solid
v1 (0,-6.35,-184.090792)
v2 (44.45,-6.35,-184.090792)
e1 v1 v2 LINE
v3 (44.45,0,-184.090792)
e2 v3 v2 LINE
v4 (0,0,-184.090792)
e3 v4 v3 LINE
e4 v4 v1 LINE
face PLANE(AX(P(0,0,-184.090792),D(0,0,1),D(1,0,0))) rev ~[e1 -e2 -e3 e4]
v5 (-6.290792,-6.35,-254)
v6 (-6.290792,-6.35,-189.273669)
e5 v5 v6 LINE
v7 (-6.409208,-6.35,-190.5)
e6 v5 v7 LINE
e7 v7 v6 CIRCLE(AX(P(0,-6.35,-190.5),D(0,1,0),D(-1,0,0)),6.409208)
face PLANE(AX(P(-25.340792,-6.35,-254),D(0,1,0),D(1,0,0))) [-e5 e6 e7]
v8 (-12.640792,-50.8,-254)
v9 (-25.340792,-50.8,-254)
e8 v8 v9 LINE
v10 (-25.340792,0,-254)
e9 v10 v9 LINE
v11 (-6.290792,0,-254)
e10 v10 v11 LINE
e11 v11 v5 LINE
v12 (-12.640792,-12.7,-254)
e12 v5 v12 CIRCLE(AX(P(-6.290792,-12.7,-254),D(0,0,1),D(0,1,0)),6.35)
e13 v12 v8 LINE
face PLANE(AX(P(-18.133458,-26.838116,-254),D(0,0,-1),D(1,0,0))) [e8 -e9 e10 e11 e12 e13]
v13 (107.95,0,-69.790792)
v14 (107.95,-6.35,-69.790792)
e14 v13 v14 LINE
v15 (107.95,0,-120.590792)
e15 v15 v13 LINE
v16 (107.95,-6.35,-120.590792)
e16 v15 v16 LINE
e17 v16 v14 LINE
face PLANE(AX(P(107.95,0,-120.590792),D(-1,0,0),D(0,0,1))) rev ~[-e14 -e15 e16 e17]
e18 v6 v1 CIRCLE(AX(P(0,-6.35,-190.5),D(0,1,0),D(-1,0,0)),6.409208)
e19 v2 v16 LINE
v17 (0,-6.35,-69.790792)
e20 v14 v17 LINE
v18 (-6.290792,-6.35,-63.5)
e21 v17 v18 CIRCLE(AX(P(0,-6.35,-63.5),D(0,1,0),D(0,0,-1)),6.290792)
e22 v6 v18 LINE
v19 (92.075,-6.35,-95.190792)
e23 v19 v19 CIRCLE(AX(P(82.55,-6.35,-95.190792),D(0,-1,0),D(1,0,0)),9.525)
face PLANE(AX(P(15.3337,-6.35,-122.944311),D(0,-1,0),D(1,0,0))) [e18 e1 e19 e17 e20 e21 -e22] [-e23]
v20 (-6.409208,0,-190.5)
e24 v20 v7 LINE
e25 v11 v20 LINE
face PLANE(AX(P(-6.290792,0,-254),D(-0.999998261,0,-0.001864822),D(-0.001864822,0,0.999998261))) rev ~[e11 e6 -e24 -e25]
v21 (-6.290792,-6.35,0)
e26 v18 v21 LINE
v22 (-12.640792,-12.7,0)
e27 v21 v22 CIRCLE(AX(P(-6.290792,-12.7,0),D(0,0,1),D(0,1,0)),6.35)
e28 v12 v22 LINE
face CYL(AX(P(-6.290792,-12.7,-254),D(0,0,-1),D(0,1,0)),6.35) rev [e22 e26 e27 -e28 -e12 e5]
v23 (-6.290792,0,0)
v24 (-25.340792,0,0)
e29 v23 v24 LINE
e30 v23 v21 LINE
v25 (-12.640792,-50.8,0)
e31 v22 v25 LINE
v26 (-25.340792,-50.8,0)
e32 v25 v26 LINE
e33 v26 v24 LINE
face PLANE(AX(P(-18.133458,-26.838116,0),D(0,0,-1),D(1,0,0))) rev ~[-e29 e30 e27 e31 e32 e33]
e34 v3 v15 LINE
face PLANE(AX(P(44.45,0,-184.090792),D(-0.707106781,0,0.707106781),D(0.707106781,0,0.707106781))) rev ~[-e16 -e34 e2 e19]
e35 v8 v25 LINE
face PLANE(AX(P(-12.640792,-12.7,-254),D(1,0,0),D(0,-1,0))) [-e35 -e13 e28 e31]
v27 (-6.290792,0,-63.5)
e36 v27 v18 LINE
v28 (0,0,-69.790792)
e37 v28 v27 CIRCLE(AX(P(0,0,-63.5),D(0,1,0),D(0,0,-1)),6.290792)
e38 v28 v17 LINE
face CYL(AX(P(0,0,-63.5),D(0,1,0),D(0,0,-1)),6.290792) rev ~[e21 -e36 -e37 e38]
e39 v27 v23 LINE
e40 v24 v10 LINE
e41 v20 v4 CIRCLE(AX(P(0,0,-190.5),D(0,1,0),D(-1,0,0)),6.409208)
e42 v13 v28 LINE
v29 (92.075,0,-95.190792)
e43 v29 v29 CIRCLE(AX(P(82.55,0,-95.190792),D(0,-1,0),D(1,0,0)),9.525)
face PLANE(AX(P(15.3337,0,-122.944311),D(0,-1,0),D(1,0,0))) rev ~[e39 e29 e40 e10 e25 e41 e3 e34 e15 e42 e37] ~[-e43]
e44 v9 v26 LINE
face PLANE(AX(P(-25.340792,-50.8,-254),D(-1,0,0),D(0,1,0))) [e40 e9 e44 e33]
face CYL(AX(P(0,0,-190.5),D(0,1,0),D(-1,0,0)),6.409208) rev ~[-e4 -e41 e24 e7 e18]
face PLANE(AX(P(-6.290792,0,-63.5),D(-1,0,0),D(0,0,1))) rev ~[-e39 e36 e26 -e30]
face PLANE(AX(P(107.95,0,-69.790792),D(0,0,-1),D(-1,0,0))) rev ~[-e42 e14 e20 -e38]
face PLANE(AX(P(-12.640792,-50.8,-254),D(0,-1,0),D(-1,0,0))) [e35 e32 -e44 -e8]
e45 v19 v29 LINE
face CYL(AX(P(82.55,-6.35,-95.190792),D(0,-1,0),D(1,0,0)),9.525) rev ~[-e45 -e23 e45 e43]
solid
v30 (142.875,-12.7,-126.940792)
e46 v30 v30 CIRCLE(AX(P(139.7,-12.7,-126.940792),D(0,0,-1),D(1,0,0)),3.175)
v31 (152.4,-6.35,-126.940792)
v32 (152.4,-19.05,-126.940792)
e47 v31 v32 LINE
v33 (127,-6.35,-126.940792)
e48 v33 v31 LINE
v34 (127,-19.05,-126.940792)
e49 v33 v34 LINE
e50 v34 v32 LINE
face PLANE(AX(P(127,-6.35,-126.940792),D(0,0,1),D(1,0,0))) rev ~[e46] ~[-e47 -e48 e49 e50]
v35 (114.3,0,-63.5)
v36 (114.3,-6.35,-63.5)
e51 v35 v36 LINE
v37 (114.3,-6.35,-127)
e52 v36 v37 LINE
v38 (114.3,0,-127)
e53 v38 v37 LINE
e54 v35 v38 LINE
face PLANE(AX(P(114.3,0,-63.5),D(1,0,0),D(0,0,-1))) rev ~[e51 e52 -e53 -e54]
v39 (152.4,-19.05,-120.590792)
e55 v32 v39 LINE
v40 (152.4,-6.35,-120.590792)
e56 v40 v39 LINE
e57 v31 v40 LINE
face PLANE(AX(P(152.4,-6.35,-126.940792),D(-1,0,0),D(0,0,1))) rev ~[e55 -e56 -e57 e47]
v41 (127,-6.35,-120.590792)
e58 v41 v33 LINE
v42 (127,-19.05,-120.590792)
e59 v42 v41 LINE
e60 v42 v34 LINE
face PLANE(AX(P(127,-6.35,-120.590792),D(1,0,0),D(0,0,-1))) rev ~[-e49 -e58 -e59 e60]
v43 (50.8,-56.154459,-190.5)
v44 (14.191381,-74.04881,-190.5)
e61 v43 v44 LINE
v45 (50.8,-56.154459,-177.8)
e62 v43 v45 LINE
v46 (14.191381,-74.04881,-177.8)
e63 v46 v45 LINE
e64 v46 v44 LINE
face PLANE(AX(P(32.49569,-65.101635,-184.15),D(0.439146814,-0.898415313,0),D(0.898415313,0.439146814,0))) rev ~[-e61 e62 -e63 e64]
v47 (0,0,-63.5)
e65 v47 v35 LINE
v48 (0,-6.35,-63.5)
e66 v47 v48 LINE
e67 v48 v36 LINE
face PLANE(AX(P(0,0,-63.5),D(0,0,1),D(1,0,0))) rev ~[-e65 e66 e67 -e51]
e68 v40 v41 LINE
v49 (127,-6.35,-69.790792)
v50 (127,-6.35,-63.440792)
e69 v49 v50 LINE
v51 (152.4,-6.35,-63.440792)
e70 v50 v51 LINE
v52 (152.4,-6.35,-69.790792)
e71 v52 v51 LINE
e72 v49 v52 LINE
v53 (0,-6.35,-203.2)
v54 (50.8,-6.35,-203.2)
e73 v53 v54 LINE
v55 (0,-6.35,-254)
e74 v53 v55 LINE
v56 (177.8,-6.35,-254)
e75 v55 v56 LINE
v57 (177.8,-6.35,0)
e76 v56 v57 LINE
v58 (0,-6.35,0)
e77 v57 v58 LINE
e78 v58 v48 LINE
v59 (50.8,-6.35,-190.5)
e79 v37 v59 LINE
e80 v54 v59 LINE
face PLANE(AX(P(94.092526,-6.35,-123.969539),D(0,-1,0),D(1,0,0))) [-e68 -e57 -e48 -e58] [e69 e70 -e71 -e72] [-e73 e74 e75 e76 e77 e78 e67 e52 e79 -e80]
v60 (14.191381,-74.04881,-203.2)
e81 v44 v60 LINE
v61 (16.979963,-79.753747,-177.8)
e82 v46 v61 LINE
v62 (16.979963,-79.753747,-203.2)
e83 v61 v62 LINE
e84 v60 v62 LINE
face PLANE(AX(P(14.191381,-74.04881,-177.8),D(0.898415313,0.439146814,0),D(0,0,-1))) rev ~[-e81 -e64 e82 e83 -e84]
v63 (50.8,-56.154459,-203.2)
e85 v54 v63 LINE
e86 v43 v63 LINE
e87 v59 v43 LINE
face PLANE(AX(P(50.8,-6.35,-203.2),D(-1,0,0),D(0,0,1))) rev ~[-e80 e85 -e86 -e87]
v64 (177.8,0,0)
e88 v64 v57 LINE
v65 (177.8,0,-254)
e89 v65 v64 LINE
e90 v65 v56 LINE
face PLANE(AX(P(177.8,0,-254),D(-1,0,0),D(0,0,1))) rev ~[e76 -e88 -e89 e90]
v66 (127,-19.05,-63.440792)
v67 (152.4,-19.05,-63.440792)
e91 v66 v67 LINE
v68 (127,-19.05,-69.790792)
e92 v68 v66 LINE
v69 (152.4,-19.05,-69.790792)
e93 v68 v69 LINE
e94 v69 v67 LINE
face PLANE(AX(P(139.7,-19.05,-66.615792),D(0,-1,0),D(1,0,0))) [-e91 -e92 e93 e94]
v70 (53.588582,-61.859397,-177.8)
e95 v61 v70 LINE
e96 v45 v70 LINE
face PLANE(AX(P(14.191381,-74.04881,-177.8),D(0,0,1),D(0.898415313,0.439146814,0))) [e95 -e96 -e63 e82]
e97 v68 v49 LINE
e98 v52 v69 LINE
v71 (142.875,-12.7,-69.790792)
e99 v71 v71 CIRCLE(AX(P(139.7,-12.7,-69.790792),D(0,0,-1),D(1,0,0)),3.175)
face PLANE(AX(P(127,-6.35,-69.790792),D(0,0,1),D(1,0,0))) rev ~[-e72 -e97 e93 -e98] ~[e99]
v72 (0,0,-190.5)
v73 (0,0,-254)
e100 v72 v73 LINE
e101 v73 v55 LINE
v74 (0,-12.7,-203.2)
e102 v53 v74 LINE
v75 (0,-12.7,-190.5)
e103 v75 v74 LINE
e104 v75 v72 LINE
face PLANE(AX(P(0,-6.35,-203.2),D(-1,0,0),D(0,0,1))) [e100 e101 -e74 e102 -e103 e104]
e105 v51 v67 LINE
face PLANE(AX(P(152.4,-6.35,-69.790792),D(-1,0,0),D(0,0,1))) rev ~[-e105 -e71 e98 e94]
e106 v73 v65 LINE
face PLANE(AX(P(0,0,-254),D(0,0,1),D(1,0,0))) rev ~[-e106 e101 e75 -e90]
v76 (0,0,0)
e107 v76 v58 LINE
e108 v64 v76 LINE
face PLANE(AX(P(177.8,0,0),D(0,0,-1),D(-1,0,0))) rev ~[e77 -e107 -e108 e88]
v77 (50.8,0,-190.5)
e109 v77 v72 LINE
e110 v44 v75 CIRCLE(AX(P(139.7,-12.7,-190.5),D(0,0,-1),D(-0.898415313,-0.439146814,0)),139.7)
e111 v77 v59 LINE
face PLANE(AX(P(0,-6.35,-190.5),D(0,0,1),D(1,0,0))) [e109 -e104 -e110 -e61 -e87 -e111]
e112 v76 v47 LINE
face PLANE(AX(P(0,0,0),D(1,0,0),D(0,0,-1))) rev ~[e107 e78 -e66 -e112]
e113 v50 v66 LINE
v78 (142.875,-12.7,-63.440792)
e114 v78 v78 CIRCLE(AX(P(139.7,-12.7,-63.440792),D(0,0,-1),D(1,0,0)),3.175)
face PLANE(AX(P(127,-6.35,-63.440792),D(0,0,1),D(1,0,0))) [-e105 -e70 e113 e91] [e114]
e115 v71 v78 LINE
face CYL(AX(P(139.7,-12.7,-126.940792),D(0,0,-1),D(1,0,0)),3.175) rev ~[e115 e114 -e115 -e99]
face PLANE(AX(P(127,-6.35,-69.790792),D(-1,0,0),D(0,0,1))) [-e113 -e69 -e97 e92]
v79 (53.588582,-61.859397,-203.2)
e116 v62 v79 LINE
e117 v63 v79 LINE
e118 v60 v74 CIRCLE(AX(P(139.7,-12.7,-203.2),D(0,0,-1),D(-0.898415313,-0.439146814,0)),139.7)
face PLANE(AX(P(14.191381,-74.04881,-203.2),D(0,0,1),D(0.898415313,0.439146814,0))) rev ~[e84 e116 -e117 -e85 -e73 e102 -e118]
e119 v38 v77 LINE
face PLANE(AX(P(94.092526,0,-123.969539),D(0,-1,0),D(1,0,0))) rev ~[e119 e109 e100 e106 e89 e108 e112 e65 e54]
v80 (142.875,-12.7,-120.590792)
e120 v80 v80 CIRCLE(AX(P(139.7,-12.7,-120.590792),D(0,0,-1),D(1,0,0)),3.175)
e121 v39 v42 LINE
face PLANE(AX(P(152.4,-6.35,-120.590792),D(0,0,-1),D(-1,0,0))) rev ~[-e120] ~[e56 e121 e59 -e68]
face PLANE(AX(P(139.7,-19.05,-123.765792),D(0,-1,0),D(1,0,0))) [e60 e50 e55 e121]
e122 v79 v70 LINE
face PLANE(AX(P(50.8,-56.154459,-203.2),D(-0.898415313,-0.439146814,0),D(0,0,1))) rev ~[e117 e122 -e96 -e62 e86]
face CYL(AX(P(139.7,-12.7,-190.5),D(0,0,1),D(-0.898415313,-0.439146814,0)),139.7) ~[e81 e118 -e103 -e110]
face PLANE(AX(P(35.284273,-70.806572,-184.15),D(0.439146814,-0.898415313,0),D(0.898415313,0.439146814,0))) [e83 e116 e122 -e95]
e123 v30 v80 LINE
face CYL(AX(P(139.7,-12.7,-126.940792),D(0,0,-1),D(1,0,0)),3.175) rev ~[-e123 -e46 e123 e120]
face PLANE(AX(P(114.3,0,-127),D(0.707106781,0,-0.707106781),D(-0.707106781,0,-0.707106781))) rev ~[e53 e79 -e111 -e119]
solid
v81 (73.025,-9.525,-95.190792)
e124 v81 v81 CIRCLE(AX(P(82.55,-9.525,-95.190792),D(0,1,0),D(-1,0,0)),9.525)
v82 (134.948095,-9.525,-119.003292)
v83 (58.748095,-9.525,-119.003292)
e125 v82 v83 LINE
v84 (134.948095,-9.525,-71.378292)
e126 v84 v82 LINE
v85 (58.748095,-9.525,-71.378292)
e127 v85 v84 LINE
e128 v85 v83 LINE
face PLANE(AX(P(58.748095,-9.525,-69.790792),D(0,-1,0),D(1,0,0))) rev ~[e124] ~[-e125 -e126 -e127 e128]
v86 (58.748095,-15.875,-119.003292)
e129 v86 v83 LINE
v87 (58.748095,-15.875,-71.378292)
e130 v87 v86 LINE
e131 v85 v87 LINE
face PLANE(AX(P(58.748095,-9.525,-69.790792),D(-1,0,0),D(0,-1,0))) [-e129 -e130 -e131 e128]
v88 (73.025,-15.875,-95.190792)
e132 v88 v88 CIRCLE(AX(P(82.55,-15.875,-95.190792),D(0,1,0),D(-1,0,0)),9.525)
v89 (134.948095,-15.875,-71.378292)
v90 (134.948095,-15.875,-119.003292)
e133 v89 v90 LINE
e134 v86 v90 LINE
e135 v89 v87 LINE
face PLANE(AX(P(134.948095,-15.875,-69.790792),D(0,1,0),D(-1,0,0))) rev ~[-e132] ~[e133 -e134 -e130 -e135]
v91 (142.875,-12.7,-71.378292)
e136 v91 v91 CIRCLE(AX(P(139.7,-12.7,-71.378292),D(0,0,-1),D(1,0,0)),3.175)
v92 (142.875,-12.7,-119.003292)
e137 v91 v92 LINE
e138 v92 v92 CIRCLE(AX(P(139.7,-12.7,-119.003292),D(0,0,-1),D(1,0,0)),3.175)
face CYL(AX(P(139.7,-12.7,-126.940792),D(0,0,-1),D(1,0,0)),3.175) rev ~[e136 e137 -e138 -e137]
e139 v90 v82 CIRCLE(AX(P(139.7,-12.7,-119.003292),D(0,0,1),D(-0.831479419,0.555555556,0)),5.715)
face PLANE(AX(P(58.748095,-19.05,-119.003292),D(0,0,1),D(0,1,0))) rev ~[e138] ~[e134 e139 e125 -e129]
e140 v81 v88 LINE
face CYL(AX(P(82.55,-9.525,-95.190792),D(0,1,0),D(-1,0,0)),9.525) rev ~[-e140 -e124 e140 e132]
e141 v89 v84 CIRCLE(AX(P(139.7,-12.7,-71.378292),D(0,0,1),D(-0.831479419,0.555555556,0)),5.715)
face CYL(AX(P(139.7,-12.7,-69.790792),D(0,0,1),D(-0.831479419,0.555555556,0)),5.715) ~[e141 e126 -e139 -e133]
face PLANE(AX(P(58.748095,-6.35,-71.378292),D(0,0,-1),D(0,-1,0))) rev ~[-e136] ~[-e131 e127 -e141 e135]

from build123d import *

# Parameters (mm, degrees)
F1_DEPTH      = 6.35
F3_DEPTH      = 6.35
F4_R          = 9.525
F5_DEPTH      = 6.35
F6_W          = 25.4
F6_H          = 6.35
F7_DEPTH      = 12.7
F8_R          = 3.175
F9_DEPTH      = 63.5
F9_DEPTH_BACK = 25.4
F10_R         = 3.175
F10_W         = 68.2519048813
F10_H         = 6.35
F11_DEPTH     = 50.8
F12_R         = 9.525
F13_DEPTH     = 6.35
F14_W         = 3.175
F14_H         = 1.5875
F14_W_2       = 6.35
F15_DEPTH     = 119.0529048813
F17_DEPTH     = 254
F18_W         = 50.8
F18_H         = 12.7
F19_DEPTH     = 69.85
F21_DEPTH     = 12.7
F22_W         = 40.7479911996
F22_H         = 12.7
F23_DEPTH     = 6.35


with BuildPart() as f1:
    # F0 (on Front) → F1 (new body)
    with BuildSketch(Plane.XZ):
        Polygon((177.8, 0), (0, 0), (0, -63.5), (114.3, -63.5), (114.3, -127), (50.8, -190.5), (0, -190.5), (0, -254), (177.8, -254), align=None)
    extrude(amount=F1_DEPTH)

    # F6 (on face) → F7 (join)
    with BuildSketch(Plane.XZ.offset(6.35)):
        with Locations((139.7, -66.6157917917)):
            Rectangle(F6_W, F6_H)
        Polygon((152.4, -120.5907917917), (139.7, -120.5907917917), (127, -120.5907917917), (127, -126.9407917917), (152.4, -126.9407917917), align=None)
    extrude(amount=F7_DEPTH)

    # F8 (on face) → F9 (cut, two sides)
    with BuildSketch(Plane(origin=(0, 0, -126.9407917917), x_dir=(1, 0, 0), z_dir=(0, 0, -1))) as f9_sk:
        with Locations((139.7, 12.7)):
            Circle(F8_R)
    extrude(amount=-F9_DEPTH, mode=Mode.SUBTRACT)
    extrude(f9_sk.sketch, amount=F9_DEPTH_BACK, mode=Mode.SUBTRACT)

    # F10 (on face) → F11 (join, through all)
    with BuildSketch(Plane(origin=(0, 0, -69.7907917917), x_dir=(1, 0, 0), z_dir=(0, 0, -1))):
        with BuildLine():
            ThreePointArc((134.9480951187, 9.525), (133.9849999999, 12.7), (134.9480951187, 15.875))
            Line((134.9480951187, 15.875), (127, 15.875))
            Line((127, 15.875), (127, 9.525))
            Line((127, 9.525), (134.9480951187, 9.525))
        make_face()
        with BuildLine():
            ThreePointArc((145.4149999999, 12.7), (141.3589286608, 18.1689286609), (134.9480951187, 15.875))
            ThreePointArc((134.9480951187, 15.875), (133.9849999999, 12.7), (134.9480951187, 9.525))
            ThreePointArc((134.9480951187, 9.525), (141.3589286608, 7.2310713391), (145.4149999999, 12.7))
        make_face()
        with Locations((139.6999999999, 12.7)):
            Circle(F10_R, mode=Mode.SUBTRACT)
        with Locations((92.8740475593, 12.7)):
            Rectangle(F10_W, F10_H)
    extrude(amount=F11_DEPTH)

    # F12 (on face) → F13 (cut, through all)
    with BuildSketch(Plane(origin=(0, -9.525, 0), x_dir=(-1, 0, 0), z_dir=(0, 1, 0))):
        with Locations((-82.5499999999, -95.1907917917)):
            Circle(F12_R)
    extrude(amount=-F13_DEPTH, mode=Mode.SUBTRACT)

    # F14 (on face) → F15 (cut, through all)
    with BuildSketch(Plane(origin=(58.7480951187, 0, 0), x_dir=(0, -1, 0), z_dir=(-1, 0, 0))):
        with Locations((17.4625, -119.7970417917)):
            Rectangle(F14_W, F14_H)
        with Locations((12.7, -119.7970417917)):
            Rectangle(F14_W_2, F14_H)
        with Locations((7.9375, -119.7970417917)):
            Rectangle(F14_W, F14_H)
        with Locations((7.9375, -70.5845417917)):
            Rectangle(F14_W, F14_H)
        with Locations((12.7, -70.5845417917)):
            Rectangle(F14_W_2, F14_H)
        with Locations((17.4625, -70.5845417917)):
            Rectangle(F14_W, F14_H)
    extrude(amount=-F15_DEPTH, mode=Mode.SUBTRACT)

    # F18 (on face) → F19 (join)
    with BuildSketch(Plane.XZ.offset(6.35)):
        with Locations((25.4, -196.85)):
            Rectangle(F18_W, F18_H)
    extrude(amount=F19_DEPTH)

    # F20 (on face) → F21 (cut, through all)
    with BuildSketch(Plane.XY.offset(-190.5)):
        with BuildLine():
            ThreePointArc((14.1913807151, -74.0488099738), (3.5940778032, -44.1844079339), (0, -12.7))
            Line((0, -12.7), (0, -76.2))
            Line((0, -76.2), (50.8, -76.2))
            Line((50.8, -76.2), (50.8, -56.1544594446))
            Line((50.8, -56.1544594446), (14.1913807151, -74.0488099738))
        make_face()
    extrude(amount=-F21_DEPTH, mode=Mode.SUBTRACT)

    # F22 (on face) → F23 (join)
    with BuildSketch(Plane(origin=(31.9517444991, -65.367516298, 0), x_dir=(0.8984153134, 0.4391468144, 0), z_dir=(0.4391468144, -0.8984153134, 0))):
        with Locations((0.6054503416, -184.15)):
            Rectangle(F22_W, F22_H)
        with Locations((0.6054503416, -196.85)):
            Rectangle(F22_W, F22_H)
    extrude(amount=F23_DEPTH)


with BuildPart() as f3:
    # F2 (on Front) → F3 (new body)
    with BuildSketch(Plane.XZ):
        with BuildLine():
            Line((107.95, -69.7907917917), (0, -69.7907917917))
            ThreePointArc((0, -69.7907917917), (-4.4482615349, -67.9482615349), (-6.2907917917, -63.5))
            Line((-6.2907917917, -63.5), (-6.2907917917, 0))
            Line((-6.2907917917, 0), (-25.3407917917, 0))
            Line((-25.3407917917, 0), (-25.3407917917, -254))
            Line((-25.3407917917, -254), (-6.2907917917, -254))
            Line((-6.2907917917, -254), (-6.4092082083, -190.5))
            ThreePointArc((-6.4092082083, -190.5), (-4.5319945861, -185.9680054139), (0, -184.0907917917))
            Line((0, -184.0907917917), (44.45, -184.0907917917))
            Line((44.45, -184.0907917917), (107.95, -120.5907917917))
            Line((107.95, -120.5907917917), (107.95, -69.7907917917))
        make_face()
    extrude(amount=F3_DEPTH)

    # F4 (on face) → F5 (cut, through all)
    with BuildSketch(Plane.XZ.offset(6.35)):
        with Locations((82.55, -95.1907917917)):
            Circle(F4_R)
    extrude(amount=-F5_DEPTH, mode=Mode.SUBTRACT)

    # F16 (on face) → F17 (join)
    with BuildSketch(Plane(origin=(0, 0, -254), x_dir=(1, 0, 0), z_dir=(0, 0, -1))):
        with BuildLine():
            Line((-25.3407917917, 50.8), (-25.3407917917, 6.35))
            Line((-25.3407917917, 6.35), (-6.2907917917, 6.35))
            ThreePointArc((-6.2907917917, 6.35), (-10.7809198522, 8.2098719395), (-12.6407917917, 12.7))
            Line((-12.6407917917, 12.7), (-12.6407917917, 50.8))
            Line((-12.6407917917, 50.8), (-25.3407917917, 50.8))
        make_face()
    extrude(amount=-F17_DEPTH)


solid = Compound([f1.part, f3.part])
